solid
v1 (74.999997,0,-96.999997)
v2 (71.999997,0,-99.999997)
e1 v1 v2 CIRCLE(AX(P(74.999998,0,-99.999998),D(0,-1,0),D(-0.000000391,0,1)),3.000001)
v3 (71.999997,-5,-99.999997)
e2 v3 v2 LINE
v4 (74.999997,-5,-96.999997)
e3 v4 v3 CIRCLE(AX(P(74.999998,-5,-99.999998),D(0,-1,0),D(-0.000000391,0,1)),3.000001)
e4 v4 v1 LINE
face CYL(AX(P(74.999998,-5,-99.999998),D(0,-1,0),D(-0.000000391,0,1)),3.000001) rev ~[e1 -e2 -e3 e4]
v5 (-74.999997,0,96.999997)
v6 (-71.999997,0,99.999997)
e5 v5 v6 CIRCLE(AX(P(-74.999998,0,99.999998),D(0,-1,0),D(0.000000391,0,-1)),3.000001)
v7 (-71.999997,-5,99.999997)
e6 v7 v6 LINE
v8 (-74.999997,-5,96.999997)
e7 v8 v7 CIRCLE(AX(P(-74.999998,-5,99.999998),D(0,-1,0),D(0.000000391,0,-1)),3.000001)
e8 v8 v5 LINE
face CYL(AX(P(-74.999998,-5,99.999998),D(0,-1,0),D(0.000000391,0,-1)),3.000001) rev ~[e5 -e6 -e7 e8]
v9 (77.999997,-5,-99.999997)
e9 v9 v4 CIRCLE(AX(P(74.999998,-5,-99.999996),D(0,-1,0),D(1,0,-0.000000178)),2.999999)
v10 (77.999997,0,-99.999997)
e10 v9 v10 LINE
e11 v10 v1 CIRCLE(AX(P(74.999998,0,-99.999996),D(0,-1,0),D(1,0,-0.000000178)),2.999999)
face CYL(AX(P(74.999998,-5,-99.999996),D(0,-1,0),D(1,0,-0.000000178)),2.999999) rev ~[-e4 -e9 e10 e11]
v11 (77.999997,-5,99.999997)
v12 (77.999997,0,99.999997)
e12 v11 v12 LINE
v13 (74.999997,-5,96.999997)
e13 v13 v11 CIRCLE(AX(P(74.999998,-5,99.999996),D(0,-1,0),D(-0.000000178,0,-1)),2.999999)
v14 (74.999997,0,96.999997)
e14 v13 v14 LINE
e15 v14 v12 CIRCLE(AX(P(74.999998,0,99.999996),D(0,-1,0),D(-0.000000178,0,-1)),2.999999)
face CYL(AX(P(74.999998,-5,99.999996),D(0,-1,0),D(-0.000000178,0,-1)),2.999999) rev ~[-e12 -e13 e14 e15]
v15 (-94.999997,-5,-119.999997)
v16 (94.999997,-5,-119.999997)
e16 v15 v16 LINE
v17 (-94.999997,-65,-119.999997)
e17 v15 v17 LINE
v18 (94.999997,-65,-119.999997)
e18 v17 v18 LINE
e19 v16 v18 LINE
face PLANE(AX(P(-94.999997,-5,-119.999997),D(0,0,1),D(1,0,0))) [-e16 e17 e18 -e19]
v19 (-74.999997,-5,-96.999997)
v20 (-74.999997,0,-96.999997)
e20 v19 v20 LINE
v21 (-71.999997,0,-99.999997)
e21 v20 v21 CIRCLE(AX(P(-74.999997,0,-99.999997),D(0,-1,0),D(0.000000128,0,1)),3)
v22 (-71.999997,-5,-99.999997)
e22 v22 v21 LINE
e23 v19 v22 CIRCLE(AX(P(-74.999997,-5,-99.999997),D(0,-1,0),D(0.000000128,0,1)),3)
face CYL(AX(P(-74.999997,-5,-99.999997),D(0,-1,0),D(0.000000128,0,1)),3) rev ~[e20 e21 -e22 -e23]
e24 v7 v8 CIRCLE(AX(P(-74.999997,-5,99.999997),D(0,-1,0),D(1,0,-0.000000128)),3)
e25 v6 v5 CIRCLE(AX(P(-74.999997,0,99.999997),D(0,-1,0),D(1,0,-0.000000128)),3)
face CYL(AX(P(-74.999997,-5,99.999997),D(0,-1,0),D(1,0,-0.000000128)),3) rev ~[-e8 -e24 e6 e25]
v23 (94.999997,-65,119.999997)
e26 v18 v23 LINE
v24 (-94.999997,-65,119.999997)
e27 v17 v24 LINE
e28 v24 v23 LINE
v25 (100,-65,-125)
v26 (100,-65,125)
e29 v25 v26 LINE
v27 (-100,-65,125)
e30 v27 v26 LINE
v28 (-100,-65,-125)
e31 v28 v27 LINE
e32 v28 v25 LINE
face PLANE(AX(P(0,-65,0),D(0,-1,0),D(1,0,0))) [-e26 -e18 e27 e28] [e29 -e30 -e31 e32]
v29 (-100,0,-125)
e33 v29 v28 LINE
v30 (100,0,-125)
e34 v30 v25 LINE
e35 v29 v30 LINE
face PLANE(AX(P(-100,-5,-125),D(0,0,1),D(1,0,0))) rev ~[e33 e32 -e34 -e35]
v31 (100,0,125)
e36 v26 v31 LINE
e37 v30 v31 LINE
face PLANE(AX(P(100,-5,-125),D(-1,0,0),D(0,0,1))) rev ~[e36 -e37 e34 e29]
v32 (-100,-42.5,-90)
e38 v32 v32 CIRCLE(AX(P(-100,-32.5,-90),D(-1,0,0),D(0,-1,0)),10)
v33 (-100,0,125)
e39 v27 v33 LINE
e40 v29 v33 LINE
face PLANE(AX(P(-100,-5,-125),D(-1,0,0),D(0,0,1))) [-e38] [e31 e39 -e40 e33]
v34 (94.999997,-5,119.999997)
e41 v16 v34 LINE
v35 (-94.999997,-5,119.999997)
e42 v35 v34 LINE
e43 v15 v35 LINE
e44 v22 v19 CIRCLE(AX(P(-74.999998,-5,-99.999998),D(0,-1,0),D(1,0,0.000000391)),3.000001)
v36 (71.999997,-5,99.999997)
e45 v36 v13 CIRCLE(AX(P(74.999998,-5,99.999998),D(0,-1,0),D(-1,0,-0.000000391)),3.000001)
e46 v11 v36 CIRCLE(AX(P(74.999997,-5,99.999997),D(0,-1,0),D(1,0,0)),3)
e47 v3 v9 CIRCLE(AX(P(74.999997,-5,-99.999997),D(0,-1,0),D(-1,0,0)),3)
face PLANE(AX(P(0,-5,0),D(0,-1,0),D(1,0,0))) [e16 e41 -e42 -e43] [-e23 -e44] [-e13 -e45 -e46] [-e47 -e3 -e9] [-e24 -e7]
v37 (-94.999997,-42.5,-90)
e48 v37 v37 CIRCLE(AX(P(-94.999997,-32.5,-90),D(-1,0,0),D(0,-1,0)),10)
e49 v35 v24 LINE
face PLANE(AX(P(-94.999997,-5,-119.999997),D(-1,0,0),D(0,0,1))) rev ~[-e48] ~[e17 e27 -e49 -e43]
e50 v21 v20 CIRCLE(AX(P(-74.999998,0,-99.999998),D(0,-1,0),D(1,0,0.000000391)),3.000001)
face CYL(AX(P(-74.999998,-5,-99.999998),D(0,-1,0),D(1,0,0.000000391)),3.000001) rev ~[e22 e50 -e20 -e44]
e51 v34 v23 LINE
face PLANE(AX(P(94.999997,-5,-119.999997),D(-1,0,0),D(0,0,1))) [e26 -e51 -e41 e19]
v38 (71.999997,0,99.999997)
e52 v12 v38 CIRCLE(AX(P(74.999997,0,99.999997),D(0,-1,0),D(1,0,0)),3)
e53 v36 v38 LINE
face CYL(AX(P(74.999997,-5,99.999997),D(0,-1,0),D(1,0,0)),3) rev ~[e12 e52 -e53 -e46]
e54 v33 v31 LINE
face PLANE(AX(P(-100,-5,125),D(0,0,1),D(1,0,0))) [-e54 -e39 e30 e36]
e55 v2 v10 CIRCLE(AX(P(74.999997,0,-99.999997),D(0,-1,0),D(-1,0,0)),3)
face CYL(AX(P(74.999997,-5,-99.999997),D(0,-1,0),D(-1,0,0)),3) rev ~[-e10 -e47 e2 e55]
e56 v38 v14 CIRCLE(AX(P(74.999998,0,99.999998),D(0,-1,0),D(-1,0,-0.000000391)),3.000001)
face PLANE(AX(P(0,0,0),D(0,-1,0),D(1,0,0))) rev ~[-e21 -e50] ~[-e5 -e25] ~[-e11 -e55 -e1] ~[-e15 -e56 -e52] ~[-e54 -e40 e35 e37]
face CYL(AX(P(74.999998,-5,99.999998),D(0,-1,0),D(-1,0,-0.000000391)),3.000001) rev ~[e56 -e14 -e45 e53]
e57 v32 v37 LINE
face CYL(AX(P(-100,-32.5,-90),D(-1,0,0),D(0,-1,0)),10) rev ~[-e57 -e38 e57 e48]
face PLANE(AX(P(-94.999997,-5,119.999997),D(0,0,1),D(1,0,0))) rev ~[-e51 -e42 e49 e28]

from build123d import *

# Parameters (mm, degrees)
F0_W     = 200
F0_H     = 250
F1_DEPTH = 5
F2_W     = 200
F2_H     = 250
F2_W_2   = 189.999994
F2_H_2   = 239.999994
F3_DEPTH = 60
F5_DEPTH = 5.001
F6_R     = 10
F7_DEPTH = 25


with BuildPart() as f1:
    # F0 (on Front) → F1 (new body)
    with BuildSketch(Plane.XZ):
        Rectangle(F0_W, F0_H)
    extrude(amount=F1_DEPTH)

    # F2 (on face) → F3 (join)
    with BuildSketch(Plane.XZ.offset(5)):
        Rectangle(F2_W, F2_H)
        Rectangle(F2_W_2, F2_H_2, mode=Mode.SUBTRACT)
    extrude(amount=F3_DEPTH)

    # F4 (on face) → F5 (cut, through all)
    with BuildSketch(Plane.XZ.offset(5)):
        with BuildLine():
            ThreePointArc((-74.999997, 96.999997), (-72.878677, 97.878677), (-71.999997, 99.999997))
            Line((-71.999997, 99.999997), (-74.999997, 99.999997))
            Line((-74.999997, 99.999997), (-74.999997, 96.999997))
        make_face()
        with BuildLine():
            Line((-74.999997, 99.999997), (-71.999997, 99.999997))
            ThreePointArc((-71.999997, 99.999997), (-77.121318, 102.121318), (-74.999997, 96.999997))
            Line((-74.999997, 96.999997), (-74.999997, 99.999997))
        make_face()
        with BuildLine():
            ThreePointArc((77.999997, 99.999997), (74.999997, 102.999997), (71.999997, 99.999997))
            Line((71.999997, 99.999997), (74.999997, 99.999997))
            Line((74.999997, 99.999997), (74.999997, 96.999997))
            ThreePointArc((74.999997, 96.999997), (77.121318, 97.878677), (77.999997, 99.999997))
        make_face()
        with BuildLine():
            Line((74.999997, 99.999997), (71.999997, 99.999997))
            ThreePointArc((71.999997, 99.999997), (72.878677, 97.878677), (74.999997, 96.999997))
            Line((74.999997, 96.999997), (74.999997, 99.999997))
        make_face()
        with BuildLine():
            ThreePointArc((77.999997, -99.999997), (77.121318, -97.878677), (74.999997, -96.999997))
            Line((74.999997, -96.999997), (74.999997, -99.999997))
            Line((74.999997, -99.999997), (71.999997, -99.999997))
            ThreePointArc((71.999997, -99.999997), (74.999997, -102.999997), (77.999997, -99.999997))
        make_face()
        with BuildLine():
            Line((74.999997, -99.999997), (74.999997, -96.999997))
            ThreePointArc((74.999997, -96.999997), (72.878677, -97.878677), (71.999997, -99.999997))
            Line((71.999997, -99.999997), (74.999997, -99.999997))
        make_face()
        with BuildLine():
            Line((-74.999997, -99.999997), (-74.999997, -96.999997))
            ThreePointArc((-74.999997, -96.999997), (-77.121318, -102.121318), (-71.999997, -99.999997))
            Line((-71.999997, -99.999997), (-74.999997, -99.999997))
        make_face()
        with BuildLine():
            ThreePointArc((-71.999997, -99.999997), (-72.878677, -97.878677), (-74.999997, -96.999997))
            Line((-74.999997, -96.999997), (-74.999997, -99.999997))
            Line((-74.999997, -99.999997), (-71.999997, -99.999997))
        make_face()
    extrude(amount=-F5_DEPTH, mode=Mode.SUBTRACT)

    # F6 (on face) → F7 (cut)
    with BuildSketch(Plane(origin=(-100, 0, 0), x_dir=(0, -1, 0), z_dir=(-1, 0, 0))):
        with Locations((32.5, -90)):
            Circle(F6_R)
    extrude(amount=-F7_DEPTH, mode=Mode.SUBTRACT)


solid = f1.part
